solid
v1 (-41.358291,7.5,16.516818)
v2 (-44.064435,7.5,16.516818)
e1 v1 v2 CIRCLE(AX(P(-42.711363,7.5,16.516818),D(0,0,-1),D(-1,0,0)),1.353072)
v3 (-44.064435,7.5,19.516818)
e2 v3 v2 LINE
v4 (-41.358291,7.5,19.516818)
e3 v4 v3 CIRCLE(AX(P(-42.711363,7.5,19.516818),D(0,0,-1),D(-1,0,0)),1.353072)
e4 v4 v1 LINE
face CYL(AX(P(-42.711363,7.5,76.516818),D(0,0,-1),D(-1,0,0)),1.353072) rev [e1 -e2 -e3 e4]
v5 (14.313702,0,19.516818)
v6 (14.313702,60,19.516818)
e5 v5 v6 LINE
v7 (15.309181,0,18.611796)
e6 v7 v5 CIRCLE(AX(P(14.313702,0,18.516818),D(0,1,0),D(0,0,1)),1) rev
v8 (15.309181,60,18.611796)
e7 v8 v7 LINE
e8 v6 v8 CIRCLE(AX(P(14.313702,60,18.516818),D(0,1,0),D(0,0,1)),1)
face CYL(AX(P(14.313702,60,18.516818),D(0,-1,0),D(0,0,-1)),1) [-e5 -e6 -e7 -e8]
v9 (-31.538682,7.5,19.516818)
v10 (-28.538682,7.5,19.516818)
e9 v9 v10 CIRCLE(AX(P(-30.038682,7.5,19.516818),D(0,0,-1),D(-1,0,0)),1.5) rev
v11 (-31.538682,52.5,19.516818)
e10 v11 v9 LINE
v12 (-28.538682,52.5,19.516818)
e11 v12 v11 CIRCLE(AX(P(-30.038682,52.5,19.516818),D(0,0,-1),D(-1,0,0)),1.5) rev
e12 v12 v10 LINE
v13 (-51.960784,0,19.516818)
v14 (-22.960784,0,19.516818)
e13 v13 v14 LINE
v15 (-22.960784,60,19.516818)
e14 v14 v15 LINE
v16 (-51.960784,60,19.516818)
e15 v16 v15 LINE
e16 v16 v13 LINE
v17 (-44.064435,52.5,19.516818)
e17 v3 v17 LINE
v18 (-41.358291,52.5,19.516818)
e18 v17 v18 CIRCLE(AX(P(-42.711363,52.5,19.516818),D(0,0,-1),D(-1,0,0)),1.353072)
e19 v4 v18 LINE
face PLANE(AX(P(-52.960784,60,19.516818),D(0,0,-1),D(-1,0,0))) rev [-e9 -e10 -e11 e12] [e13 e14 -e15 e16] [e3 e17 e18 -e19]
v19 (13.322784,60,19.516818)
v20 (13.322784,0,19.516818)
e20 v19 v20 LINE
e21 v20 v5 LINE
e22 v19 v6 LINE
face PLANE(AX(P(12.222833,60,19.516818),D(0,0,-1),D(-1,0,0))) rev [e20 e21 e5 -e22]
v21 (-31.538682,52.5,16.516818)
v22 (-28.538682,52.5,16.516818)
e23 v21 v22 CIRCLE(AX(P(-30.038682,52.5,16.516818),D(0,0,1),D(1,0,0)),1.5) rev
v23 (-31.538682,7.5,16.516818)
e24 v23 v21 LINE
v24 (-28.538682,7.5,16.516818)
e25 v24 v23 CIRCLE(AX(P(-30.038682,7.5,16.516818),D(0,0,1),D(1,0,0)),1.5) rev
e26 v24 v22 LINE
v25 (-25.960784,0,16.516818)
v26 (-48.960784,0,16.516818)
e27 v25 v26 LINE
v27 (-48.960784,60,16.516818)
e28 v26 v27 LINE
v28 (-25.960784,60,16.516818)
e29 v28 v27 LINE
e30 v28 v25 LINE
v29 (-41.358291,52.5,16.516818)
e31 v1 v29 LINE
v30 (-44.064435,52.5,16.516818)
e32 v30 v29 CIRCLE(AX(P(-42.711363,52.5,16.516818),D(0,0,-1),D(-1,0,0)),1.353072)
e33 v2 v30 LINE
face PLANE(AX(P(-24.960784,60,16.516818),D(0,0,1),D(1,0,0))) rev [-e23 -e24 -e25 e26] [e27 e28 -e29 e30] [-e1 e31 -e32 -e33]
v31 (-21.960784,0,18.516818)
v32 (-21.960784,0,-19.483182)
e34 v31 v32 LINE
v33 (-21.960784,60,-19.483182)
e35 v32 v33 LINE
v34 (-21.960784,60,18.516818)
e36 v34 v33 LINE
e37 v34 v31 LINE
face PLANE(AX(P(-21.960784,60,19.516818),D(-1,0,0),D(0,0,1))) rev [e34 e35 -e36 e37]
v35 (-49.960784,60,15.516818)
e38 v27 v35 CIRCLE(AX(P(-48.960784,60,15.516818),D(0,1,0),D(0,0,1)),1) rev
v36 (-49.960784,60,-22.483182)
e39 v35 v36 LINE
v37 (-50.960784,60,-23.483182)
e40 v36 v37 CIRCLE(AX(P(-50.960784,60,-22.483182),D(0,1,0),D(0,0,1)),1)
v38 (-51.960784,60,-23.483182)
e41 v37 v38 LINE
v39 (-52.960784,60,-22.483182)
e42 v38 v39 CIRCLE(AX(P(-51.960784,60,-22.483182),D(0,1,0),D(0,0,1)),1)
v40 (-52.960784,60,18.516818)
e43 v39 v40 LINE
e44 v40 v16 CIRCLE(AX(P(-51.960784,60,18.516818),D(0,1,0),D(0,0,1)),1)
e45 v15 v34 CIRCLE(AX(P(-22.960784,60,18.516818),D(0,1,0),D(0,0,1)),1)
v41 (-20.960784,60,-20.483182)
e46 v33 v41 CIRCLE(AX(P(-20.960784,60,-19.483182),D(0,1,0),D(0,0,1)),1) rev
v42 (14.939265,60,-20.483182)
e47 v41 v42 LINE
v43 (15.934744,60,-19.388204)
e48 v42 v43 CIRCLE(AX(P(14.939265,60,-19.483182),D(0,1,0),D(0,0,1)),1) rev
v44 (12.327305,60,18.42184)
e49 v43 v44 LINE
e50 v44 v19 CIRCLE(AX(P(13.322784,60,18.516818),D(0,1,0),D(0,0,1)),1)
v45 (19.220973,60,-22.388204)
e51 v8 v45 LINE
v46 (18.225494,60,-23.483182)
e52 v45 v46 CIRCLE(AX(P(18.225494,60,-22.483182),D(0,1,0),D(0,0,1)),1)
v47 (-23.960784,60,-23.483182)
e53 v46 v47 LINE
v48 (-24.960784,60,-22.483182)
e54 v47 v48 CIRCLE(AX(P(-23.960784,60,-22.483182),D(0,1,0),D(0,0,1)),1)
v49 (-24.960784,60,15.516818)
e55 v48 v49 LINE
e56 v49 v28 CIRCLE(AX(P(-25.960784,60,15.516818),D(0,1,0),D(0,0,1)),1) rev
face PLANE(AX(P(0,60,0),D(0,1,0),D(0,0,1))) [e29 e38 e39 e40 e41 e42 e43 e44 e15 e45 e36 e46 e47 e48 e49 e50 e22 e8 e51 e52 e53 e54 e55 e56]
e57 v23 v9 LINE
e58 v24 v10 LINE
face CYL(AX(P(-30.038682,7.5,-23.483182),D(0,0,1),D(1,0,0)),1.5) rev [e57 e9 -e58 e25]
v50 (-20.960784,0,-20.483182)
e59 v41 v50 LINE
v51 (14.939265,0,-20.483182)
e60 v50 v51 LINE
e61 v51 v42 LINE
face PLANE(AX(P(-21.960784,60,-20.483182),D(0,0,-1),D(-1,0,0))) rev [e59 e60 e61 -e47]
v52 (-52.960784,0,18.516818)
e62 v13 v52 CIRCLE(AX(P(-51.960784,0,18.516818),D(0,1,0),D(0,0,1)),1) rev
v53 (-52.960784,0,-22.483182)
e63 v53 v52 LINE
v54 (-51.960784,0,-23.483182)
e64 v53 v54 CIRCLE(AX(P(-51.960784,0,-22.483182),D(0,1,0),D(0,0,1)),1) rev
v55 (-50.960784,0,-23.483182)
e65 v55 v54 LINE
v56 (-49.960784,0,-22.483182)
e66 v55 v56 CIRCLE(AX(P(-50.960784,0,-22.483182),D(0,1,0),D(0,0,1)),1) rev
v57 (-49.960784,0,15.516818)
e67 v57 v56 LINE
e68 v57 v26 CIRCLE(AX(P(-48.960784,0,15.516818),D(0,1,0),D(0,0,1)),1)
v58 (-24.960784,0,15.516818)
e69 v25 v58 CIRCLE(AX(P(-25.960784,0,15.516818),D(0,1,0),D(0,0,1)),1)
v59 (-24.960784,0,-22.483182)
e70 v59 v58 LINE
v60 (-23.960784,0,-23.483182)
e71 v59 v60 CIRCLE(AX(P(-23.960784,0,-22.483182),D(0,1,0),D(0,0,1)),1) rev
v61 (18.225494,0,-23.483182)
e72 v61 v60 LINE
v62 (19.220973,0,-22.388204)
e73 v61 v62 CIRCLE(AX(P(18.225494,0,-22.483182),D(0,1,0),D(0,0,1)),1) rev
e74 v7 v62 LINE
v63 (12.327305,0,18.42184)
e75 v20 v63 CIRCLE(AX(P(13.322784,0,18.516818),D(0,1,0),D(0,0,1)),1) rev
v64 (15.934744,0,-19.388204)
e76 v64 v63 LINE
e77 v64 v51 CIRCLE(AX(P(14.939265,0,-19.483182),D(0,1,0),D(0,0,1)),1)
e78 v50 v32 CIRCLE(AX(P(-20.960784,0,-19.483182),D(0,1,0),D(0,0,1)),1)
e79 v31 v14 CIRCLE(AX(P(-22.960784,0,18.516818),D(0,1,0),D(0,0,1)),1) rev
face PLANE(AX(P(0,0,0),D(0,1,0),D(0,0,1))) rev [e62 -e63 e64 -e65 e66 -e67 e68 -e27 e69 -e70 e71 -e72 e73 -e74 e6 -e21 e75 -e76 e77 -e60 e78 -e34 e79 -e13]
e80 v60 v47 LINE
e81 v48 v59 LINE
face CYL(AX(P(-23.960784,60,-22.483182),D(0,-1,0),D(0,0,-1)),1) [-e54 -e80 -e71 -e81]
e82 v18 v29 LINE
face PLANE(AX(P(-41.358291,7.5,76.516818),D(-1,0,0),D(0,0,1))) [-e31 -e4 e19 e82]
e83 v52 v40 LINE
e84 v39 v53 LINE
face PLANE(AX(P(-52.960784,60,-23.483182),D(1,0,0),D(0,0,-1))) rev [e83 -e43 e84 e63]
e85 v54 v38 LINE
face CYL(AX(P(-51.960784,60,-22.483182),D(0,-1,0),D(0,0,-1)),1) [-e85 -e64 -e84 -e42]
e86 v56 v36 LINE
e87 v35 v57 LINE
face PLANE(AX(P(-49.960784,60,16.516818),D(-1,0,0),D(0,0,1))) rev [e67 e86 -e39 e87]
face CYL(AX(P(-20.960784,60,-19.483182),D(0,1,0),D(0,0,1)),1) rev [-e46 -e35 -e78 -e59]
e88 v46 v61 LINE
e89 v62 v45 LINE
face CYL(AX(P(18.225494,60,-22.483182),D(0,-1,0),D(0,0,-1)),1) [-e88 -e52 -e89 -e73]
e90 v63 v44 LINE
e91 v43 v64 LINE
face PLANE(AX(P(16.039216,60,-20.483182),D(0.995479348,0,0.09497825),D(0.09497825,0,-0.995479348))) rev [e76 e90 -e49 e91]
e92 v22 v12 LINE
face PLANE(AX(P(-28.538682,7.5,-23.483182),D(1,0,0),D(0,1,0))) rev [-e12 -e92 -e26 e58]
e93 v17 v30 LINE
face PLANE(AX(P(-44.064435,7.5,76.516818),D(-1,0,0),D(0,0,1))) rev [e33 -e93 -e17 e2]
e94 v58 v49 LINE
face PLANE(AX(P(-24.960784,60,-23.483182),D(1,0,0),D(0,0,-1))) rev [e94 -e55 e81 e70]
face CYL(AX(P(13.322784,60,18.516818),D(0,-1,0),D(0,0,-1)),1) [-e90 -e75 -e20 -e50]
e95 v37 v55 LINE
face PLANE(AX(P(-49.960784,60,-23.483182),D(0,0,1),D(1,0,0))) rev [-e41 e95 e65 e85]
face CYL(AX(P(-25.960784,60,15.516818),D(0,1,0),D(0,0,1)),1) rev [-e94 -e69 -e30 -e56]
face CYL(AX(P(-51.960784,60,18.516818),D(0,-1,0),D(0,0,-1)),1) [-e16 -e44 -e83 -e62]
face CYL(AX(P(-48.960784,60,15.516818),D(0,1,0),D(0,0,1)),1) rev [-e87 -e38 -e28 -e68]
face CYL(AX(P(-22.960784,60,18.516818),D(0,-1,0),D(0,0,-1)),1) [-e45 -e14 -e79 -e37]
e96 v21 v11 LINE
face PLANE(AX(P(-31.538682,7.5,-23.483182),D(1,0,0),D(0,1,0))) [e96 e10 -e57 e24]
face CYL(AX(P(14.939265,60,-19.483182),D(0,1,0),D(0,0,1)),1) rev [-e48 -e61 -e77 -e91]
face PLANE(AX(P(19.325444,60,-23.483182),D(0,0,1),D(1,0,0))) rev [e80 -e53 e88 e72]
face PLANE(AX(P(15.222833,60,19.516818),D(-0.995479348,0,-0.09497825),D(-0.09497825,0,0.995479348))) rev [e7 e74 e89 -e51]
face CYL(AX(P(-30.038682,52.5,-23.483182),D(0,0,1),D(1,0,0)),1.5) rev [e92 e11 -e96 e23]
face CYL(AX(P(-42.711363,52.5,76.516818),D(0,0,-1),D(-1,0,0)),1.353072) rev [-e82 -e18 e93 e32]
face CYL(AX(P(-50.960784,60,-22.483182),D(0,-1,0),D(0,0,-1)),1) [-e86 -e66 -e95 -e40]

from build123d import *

# Parameters (mm, degrees)
BOSS_EXTRU_1_DEPTH           = 60
CONG_3_R                     = 1
ENL_V_MAT_EXTRU_1_DEPTH      = 60
ENL_V_MAT_EXTRU_2_DEPTH      = 90.469797558
ENL_V_MAT_EXTRU_2_DEPTH_BACK = 60


with BuildPart() as part:
    # Esquisse1 → Boss.-Extru.1 (new body)
    with BuildSketch(Plane(origin=(0, 0, 0), x_dir=(1, 0, 0), z_dir=(0, 1, 0))):
        Polygon((-21.960784314, -19.516817925), (-21.960784314, 20.483182075), (16.039215686, 20.483182075), (12.222833137, -19.516817925), (15.222833137, -19.516817925), (19.325444377, 23.483182075), (-24.960784314, 23.483182075), (-24.960784314, -16.516817925), (-49.960784314, -16.516817925), (-49.960784314, 23.483182075), (-52.960784314, 23.483182075), (-52.960784314, -19.516817925), align=None)
    extrude(amount=BOSS_EXTRU_1_DEPTH)

    # Cong_3
    cong_3_edges = [part.edges().sort_by_distance(p)[0] for p in [
        (-52.960784314, 30, 19.516817925),
        (-52.960784314, 30, -23.483182075),
        (-49.960784314, 30, -23.483182075),
        (-49.960784314, 30, 16.516817925),
        (-24.960784314, 30, 16.516817925),
        (-24.960784314, 30, -23.483182075),
        (19.325444377, 30, -23.483182075),
        (15.222833137, 30, 19.516817925),
        (12.222833137, 30, 19.516817925),
        (16.039215686, 30, -20.483182075),
        (-21.960784314, 30, -20.483182075),
        (-21.960784314, 30, 19.516817925),
    ]]
    fillet(cong_3_edges, radius=CONG_3_R)

    # Esquisse2 → Enl_v. mat.-Extru.1 (cut)
    with BuildSketch(Plane(origin=(0, 0, 16.516817925), x_dir=(-1, 0, 0), z_dir=(0, 0, -1))):
        with BuildLine():
            Line((41.358290676, 7.5), (41.358290676, 52.5))
            ThreePointArc((41.358290676, 52.5), (42.711362899, 53.853072223), (44.064435122, 52.5))
            Line((44.064435122, 52.5), (44.064435122, 7.5))
            ThreePointArc((44.064435122, 7.5), (42.711362899, 6.146927777), (41.358290676, 7.5))
        make_face()
    extrude(amount=-ENL_V_MAT_EXTRU_1_DEPTH, mode=Mode.SUBTRACT)

    # Esquisse2_4 → Enl_v. mat.-Extru.2 (cut, two sides: drawn at the far end of the back side and taken through both)
    with BuildSketch(Plane(origin=(0, 0, 16.516817925), x_dir=(-1, 0, 0), z_dir=(0, 0, -1)).offset(-ENL_V_MAT_EXTRU_2_DEPTH_BACK)):
        with BuildLine():
            Line((28.538681886, 7.5), (28.538681886, 52.5))
            ThreePointArc((28.538681886, 52.5), (30.038681886, 54), (31.538681886, 52.5))
            Line((31.538681886, 52.5), (31.538681886, 7.5))
            ThreePointArc((31.538681886, 7.5), (30.038681886, 6), (28.538681886, 7.5))
        make_face()
    extrude(amount=ENL_V_MAT_EXTRU_2_DEPTH + ENL_V_MAT_EXTRU_2_DEPTH_BACK, mode=Mode.SUBTRACT)


solid = part.part
